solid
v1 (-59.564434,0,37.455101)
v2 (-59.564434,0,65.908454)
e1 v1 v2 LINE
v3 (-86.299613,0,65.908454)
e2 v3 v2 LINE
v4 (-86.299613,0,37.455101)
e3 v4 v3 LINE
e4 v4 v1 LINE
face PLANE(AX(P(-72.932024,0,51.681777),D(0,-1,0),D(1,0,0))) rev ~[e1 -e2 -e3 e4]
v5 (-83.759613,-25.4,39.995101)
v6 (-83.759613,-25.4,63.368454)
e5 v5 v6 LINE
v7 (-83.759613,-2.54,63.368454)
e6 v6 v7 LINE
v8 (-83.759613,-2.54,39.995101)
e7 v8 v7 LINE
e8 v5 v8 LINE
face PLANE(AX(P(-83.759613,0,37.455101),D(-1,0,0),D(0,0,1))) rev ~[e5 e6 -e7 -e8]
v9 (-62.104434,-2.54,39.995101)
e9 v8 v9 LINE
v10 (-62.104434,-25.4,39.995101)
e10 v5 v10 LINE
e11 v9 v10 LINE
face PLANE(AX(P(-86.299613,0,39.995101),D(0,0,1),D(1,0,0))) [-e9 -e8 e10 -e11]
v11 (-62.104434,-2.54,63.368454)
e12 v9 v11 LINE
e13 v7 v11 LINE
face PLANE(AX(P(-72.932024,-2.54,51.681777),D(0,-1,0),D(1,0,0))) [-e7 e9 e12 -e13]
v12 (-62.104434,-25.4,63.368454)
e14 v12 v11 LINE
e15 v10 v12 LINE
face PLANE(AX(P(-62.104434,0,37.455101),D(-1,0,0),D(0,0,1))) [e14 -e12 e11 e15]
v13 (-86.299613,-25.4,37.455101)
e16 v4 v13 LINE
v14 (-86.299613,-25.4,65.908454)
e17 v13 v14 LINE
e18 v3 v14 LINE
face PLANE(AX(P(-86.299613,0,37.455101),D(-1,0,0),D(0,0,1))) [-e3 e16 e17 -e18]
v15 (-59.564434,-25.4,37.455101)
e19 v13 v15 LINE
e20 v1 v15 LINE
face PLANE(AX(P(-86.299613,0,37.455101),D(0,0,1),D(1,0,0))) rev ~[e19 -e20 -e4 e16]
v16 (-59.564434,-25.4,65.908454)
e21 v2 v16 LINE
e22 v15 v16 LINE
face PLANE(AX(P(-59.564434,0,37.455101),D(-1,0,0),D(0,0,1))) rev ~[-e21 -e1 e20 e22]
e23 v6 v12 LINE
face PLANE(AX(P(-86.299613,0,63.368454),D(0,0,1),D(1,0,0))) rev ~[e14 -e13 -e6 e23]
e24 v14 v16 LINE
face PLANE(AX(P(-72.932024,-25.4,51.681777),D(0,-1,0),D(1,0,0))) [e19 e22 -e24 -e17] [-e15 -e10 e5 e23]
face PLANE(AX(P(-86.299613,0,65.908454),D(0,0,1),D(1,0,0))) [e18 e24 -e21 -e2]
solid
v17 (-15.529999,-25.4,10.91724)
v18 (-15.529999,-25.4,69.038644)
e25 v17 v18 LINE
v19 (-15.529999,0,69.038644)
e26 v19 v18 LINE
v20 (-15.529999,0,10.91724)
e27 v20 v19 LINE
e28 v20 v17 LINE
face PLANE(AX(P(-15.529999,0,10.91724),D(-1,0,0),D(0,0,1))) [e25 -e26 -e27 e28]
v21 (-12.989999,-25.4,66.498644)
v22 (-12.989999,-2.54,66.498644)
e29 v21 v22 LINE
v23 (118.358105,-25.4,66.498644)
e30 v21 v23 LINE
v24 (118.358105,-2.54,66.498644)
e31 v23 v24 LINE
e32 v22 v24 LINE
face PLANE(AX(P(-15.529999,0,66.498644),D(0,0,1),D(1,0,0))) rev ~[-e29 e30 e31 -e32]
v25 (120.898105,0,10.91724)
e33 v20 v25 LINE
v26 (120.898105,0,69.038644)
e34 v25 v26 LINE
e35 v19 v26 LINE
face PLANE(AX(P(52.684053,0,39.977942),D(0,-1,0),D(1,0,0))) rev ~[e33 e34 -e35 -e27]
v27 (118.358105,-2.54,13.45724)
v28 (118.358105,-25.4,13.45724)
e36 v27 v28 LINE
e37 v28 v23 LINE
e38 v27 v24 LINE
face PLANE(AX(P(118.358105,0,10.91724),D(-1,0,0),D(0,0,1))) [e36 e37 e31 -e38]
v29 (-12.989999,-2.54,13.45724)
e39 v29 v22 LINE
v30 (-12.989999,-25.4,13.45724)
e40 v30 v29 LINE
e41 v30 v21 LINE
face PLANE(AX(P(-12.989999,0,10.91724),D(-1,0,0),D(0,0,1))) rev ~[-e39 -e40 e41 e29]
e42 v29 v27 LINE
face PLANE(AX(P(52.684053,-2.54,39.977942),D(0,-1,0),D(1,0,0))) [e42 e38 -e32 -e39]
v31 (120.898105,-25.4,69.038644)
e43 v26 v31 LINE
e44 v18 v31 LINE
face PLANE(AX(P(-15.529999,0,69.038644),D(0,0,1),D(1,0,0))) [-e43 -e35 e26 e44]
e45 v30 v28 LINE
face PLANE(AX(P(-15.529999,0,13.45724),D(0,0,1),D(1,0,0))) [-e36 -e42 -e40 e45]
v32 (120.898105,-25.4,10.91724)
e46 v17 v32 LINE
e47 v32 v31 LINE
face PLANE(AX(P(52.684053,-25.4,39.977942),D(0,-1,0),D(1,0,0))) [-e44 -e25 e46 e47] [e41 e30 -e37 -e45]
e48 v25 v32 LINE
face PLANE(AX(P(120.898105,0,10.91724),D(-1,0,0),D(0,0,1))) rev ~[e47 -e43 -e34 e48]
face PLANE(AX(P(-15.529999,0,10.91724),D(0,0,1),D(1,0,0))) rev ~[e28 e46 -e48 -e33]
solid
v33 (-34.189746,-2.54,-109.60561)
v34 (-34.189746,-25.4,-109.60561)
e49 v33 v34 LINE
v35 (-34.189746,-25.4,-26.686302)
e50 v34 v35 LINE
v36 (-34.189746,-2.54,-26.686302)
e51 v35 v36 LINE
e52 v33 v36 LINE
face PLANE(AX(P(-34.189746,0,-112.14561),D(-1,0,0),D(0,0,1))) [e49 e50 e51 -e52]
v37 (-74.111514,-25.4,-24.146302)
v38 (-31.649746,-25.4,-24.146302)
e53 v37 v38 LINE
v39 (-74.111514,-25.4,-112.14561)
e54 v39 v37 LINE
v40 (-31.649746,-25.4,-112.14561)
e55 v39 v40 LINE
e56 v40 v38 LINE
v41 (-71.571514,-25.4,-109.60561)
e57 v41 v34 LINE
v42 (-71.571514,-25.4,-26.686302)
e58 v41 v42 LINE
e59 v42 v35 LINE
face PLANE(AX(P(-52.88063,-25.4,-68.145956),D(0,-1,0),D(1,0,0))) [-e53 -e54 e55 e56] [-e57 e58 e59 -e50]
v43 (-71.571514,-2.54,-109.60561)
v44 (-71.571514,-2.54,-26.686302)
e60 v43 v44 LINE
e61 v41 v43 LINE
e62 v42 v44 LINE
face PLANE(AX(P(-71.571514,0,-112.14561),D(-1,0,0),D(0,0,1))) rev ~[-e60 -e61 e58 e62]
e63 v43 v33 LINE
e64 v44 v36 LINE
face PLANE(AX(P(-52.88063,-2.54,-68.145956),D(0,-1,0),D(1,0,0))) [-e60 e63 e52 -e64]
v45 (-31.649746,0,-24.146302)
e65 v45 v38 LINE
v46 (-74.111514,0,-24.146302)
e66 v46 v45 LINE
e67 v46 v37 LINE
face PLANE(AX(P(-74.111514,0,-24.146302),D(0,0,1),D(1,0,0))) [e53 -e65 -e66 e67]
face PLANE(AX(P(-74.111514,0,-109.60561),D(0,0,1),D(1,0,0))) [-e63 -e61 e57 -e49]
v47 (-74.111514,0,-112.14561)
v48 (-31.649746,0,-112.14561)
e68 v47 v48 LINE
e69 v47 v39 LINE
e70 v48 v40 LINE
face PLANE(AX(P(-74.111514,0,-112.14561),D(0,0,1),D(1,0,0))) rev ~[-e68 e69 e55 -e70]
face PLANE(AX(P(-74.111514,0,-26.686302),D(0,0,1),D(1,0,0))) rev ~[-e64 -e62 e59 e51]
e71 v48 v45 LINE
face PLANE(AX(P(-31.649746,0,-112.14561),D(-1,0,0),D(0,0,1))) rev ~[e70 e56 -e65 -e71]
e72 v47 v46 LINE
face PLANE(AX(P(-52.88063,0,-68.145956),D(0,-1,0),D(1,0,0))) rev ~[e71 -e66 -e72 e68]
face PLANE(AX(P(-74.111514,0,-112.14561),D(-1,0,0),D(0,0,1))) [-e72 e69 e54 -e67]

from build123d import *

# Parameters (mm, degrees)
F0_W     = 26.7351791263
F0_H     = 28.4533537924
F1_DEPTH = 25.4
F0_W_2   = 136.4281037822
F0_H_2   = 58.1214046106
F0_W_3   = 42.4617677927
F0_H_3   = 87.9993084818
F2_T     = -2.54
F2_2_T   = -2.54
F2_3_T   = -2.54


with BuildPart() as f1:
    # F0 (on Front) → F1 (new body)
    with BuildSketch(Plane.XZ):
        with Locations((-72.932023555, 51.6817774624)):
            Rectangle(F0_W, F0_H)
    extrude(amount=F1_DEPTH)

    # F2
    f2_openings = [f1.faces().sort_by_distance(p)[0] for p in [
        (-72.932024, -25.4, 51.681777),
    ]]
    offset(amount=F2_T, openings=f2_openings)


with BuildPart() as f1b:
    # F0 (on Front) → F1, piece 2 (new body)
    with BuildSketch(Plane.XZ):
        with Locations((52.684053313, 39.9779421277)):
            Rectangle(F0_W_2, F0_H_2)
    extrude(amount=F1_DEPTH)

    # F2#2
    f2_2_openings = [f1b.faces().sort_by_distance(p)[0] for p in [
        (52.684053, -25.4, 39.977942),
    ]]
    offset(amount=F2_2_T, openings=f2_2_openings)


with BuildPart() as f1c:
    # F0 (on Front) → F1, piece 3 (new body)
    with BuildSketch(Plane.XZ):
        with Locations((-52.8806298971, -68.1459559128)):
            Rectangle(F0_W_3, F0_H_3)
    extrude(amount=F1_DEPTH)

    # F2#3
    f2_3_openings = [f1c.faces().sort_by_distance(p)[0] for p in [
        (-52.88063, -25.4, -68.145956),
    ]]
    offset(amount=F2_3_T, openings=f2_3_openings)


solid = Compound([f1.part, f1b.part, f1c.part])
